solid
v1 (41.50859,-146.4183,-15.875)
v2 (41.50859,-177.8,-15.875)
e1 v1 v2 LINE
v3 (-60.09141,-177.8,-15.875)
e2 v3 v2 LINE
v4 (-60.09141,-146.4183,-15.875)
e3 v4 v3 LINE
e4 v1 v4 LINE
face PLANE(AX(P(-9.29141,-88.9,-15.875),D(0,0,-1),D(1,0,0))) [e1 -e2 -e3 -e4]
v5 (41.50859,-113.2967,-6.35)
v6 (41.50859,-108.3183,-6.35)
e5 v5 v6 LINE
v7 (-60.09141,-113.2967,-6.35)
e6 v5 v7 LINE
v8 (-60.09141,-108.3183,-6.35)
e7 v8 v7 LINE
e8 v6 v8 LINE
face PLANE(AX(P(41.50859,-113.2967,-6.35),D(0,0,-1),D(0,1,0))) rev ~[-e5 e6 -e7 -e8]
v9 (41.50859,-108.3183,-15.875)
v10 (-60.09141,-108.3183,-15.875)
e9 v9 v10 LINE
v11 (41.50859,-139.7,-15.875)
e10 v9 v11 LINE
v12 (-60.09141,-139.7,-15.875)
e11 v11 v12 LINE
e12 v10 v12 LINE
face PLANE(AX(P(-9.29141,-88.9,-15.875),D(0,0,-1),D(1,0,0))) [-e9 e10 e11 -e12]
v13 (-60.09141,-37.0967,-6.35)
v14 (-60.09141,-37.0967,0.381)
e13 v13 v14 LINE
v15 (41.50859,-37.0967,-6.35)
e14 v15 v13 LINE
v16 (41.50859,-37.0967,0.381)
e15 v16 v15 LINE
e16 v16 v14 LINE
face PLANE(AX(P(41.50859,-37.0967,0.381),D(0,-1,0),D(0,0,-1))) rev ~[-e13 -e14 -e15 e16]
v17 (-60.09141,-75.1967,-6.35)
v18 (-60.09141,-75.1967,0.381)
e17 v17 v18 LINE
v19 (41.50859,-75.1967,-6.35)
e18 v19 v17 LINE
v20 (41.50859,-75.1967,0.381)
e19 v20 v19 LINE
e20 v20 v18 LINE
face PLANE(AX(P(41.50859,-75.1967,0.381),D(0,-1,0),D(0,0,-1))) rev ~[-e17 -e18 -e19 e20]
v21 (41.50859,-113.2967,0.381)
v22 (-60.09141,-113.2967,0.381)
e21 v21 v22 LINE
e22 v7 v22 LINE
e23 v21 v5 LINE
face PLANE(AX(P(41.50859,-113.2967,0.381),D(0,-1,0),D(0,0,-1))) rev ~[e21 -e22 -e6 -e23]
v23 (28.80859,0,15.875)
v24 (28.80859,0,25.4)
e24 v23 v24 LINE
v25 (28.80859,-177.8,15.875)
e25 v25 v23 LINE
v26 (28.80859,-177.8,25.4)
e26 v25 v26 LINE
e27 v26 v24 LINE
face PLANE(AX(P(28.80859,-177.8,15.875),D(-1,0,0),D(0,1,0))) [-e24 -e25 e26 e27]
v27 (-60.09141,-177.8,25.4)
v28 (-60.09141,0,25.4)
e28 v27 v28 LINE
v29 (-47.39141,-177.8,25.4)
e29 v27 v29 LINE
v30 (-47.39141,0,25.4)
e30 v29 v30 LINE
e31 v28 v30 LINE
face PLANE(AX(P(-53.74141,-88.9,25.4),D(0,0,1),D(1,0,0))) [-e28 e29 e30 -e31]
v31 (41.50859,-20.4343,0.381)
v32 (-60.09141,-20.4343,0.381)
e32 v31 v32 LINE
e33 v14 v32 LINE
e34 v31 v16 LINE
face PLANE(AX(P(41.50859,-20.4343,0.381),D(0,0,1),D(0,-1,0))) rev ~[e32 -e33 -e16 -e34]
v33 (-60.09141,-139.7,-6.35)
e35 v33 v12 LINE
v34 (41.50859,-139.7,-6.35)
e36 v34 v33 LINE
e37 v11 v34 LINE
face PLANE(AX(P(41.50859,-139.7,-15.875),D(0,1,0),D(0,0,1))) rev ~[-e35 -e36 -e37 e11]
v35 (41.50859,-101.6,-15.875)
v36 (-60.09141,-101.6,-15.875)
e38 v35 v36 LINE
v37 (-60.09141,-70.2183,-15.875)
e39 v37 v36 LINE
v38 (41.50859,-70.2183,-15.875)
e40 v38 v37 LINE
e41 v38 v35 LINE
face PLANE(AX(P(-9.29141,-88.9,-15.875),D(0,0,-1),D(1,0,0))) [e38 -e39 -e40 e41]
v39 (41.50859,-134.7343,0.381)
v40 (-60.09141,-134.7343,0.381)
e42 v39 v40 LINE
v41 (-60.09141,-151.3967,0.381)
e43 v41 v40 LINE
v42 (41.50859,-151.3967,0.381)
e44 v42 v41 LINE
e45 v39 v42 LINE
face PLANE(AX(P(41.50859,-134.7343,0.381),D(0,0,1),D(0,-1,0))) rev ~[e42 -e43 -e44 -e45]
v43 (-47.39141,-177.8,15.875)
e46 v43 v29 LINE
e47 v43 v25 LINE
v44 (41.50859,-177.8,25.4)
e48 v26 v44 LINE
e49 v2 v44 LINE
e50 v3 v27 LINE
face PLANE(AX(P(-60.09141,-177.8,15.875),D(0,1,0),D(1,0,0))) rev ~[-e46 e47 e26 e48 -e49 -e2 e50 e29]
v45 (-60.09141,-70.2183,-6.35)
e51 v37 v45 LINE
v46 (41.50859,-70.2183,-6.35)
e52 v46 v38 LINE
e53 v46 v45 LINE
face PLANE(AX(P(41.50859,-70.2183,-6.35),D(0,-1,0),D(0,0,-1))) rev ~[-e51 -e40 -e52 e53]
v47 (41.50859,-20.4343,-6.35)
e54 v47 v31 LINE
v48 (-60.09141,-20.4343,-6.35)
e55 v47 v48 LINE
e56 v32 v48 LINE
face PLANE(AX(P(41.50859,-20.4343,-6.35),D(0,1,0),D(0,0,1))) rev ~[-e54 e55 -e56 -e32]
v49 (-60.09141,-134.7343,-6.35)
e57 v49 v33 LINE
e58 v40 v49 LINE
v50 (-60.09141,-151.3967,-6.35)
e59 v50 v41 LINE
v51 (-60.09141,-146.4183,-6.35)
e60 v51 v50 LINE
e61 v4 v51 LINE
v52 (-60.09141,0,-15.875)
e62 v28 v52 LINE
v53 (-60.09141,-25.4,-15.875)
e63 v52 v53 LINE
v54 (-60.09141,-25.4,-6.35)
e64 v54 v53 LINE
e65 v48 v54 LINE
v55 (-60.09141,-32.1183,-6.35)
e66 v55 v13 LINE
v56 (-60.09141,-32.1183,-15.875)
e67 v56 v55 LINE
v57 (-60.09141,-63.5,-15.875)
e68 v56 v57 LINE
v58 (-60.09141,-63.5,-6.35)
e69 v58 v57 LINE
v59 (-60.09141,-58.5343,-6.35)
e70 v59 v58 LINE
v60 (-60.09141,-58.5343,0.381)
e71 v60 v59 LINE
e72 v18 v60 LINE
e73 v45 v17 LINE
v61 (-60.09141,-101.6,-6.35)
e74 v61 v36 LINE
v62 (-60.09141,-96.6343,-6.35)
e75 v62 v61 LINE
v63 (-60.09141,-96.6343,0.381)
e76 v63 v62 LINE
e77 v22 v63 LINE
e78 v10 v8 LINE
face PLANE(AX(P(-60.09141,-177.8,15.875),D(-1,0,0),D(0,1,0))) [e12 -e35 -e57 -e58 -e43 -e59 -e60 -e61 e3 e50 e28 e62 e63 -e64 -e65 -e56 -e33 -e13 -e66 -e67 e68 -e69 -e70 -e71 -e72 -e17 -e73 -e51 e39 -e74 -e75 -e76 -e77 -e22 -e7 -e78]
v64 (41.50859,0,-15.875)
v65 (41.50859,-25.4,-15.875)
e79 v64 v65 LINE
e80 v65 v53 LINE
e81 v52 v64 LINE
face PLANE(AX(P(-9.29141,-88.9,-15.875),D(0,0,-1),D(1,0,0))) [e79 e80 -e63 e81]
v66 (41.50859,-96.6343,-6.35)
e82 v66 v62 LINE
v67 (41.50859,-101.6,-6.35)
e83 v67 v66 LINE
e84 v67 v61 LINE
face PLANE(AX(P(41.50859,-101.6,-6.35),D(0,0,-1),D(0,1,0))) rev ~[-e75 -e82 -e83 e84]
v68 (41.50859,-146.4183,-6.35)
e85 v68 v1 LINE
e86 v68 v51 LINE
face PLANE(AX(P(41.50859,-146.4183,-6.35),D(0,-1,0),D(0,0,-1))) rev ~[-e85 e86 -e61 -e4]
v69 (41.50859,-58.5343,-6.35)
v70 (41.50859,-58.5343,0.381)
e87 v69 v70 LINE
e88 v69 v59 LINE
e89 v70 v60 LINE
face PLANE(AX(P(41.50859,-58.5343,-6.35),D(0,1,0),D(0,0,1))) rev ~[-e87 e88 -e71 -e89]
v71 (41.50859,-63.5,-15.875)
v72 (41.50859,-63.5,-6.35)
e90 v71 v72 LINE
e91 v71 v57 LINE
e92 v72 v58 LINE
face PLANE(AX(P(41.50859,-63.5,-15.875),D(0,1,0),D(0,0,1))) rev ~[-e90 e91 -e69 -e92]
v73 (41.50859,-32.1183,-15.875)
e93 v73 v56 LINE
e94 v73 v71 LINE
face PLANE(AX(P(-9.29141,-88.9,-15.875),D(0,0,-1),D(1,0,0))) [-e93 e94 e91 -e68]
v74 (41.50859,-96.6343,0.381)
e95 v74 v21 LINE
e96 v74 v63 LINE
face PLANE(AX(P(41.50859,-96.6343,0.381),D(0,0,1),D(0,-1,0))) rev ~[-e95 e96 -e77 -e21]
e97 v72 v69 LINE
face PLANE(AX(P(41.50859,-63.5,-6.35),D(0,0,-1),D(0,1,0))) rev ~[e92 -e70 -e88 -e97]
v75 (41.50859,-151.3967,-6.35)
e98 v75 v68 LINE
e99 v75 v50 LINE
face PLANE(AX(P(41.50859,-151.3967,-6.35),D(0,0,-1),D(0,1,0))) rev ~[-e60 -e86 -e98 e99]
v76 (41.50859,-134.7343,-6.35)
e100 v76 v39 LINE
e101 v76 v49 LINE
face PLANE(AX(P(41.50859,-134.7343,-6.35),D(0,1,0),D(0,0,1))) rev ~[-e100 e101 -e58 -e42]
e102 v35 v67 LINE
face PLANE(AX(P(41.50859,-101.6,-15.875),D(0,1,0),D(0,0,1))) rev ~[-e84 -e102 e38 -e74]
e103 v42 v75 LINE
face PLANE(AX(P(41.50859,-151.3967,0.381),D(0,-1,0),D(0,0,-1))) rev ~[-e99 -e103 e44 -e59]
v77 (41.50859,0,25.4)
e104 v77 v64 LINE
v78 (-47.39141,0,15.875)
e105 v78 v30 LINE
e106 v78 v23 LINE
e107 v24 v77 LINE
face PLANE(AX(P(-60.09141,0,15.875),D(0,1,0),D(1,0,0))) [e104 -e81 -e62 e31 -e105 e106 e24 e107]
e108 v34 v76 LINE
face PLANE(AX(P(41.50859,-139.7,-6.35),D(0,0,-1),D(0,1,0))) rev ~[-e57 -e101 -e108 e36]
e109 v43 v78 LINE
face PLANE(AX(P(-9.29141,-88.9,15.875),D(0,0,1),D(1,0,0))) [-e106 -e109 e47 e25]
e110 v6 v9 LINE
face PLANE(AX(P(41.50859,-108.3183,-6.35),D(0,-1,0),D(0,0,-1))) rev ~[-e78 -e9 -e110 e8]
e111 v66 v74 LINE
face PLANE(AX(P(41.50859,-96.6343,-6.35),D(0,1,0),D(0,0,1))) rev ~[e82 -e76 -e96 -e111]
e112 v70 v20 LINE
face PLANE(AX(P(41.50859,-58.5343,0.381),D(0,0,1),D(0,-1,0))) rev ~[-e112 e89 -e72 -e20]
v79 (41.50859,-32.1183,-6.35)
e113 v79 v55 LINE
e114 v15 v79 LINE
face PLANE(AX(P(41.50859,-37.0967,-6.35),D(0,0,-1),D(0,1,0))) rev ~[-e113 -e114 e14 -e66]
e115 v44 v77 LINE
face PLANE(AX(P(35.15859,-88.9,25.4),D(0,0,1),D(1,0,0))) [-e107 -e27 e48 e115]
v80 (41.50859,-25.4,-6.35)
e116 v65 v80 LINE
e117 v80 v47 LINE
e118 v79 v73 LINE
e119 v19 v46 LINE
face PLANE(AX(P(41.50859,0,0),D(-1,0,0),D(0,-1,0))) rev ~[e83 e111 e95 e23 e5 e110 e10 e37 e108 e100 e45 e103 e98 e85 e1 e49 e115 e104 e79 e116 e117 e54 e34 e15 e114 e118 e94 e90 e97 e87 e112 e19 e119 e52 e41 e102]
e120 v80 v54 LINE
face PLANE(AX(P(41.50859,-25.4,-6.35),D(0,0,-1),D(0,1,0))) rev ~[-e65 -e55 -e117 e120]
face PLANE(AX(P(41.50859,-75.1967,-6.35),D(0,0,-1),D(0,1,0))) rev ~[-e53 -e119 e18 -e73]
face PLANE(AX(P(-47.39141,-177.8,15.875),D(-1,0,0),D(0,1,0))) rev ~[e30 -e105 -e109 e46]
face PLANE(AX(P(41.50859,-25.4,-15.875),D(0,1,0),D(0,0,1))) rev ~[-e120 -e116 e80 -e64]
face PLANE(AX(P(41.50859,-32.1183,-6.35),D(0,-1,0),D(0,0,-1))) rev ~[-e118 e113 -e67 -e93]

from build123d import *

# Parameters (mm, degrees)
F0_W      = 101.6
F0_H      = 177.8
F1_DEPTH  = 15.875
F1_FACE_W = 101.6
F1_FACE_H = 177.8
F2_DEPTH  = 15.875
F4_DEPTH  = 101.601
F5_W      = 12.7
F5_H      = 177.8
F6_DEPTH  = 9.525


with BuildPart() as f1:
    # F0 (on Top) → F1 (new body)
    with BuildSketch(Plane.XY):
        with Locations((-9.29141, -88.9)):
            Rectangle(F0_W, F0_H)
    extrude(amount=F1_DEPTH)

    # F1_face (on face) → F2 (join)
    with BuildSketch(Plane(origin=(-9.29141, -88.9, 0), x_dir=(1, 0, 0), z_dir=(0, 0, -1))):
        Rectangle(F1_FACE_W, F1_FACE_H)
    extrude(amount=F2_DEPTH)

    # F3 (on face) → F4 (cut, through all)
    with BuildSketch(Plane.YZ.offset(41.50859)):
        Polygon((-32.1183, -15.875), (-25.4, -15.875), (-25.4, -6.35), (-20.4343, -6.35), (-20.4343, 0.381), (-37.0967, 0.381), (-37.0967, -6.35), (-32.1183, -6.35), align=None)
        Polygon((-70.2183, -15.875), (-63.5, -15.875), (-63.5, -6.35), (-58.5343, -6.35), (-58.5343, 0.381), (-75.1967, 0.381), (-75.1967, -6.35), (-70.2183, -6.35), align=None)
        Polygon((-108.3183, -15.875), (-101.6, -15.875), (-101.6, -6.35), (-96.6343, -6.35), (-96.6343, 0.381), (-113.2967, 0.381), (-113.2967, -6.35), (-108.3183, -6.35), align=None)
        Polygon((-146.4183, -6.35), (-146.4183, -15.875), (-139.7, -15.875), (-139.7, -6.35), (-134.7343, -6.35), (-134.7343, 0.381), (-151.3967, 0.381), (-151.3967, -6.35), align=None)
    extrude(amount=-F4_DEPTH, mode=Mode.SUBTRACT)

    # F5 (on face) → F6 (join)
    with BuildSketch(Plane.XY.offset(15.875)):
        with Locations((-53.74141, -88.9)):
            Rectangle(F5_W, F5_H)
        with Locations((35.15859, -88.9)):
            Rectangle(F5_W, F5_H)
    extrude(amount=F6_DEPTH)


solid = f1.part
